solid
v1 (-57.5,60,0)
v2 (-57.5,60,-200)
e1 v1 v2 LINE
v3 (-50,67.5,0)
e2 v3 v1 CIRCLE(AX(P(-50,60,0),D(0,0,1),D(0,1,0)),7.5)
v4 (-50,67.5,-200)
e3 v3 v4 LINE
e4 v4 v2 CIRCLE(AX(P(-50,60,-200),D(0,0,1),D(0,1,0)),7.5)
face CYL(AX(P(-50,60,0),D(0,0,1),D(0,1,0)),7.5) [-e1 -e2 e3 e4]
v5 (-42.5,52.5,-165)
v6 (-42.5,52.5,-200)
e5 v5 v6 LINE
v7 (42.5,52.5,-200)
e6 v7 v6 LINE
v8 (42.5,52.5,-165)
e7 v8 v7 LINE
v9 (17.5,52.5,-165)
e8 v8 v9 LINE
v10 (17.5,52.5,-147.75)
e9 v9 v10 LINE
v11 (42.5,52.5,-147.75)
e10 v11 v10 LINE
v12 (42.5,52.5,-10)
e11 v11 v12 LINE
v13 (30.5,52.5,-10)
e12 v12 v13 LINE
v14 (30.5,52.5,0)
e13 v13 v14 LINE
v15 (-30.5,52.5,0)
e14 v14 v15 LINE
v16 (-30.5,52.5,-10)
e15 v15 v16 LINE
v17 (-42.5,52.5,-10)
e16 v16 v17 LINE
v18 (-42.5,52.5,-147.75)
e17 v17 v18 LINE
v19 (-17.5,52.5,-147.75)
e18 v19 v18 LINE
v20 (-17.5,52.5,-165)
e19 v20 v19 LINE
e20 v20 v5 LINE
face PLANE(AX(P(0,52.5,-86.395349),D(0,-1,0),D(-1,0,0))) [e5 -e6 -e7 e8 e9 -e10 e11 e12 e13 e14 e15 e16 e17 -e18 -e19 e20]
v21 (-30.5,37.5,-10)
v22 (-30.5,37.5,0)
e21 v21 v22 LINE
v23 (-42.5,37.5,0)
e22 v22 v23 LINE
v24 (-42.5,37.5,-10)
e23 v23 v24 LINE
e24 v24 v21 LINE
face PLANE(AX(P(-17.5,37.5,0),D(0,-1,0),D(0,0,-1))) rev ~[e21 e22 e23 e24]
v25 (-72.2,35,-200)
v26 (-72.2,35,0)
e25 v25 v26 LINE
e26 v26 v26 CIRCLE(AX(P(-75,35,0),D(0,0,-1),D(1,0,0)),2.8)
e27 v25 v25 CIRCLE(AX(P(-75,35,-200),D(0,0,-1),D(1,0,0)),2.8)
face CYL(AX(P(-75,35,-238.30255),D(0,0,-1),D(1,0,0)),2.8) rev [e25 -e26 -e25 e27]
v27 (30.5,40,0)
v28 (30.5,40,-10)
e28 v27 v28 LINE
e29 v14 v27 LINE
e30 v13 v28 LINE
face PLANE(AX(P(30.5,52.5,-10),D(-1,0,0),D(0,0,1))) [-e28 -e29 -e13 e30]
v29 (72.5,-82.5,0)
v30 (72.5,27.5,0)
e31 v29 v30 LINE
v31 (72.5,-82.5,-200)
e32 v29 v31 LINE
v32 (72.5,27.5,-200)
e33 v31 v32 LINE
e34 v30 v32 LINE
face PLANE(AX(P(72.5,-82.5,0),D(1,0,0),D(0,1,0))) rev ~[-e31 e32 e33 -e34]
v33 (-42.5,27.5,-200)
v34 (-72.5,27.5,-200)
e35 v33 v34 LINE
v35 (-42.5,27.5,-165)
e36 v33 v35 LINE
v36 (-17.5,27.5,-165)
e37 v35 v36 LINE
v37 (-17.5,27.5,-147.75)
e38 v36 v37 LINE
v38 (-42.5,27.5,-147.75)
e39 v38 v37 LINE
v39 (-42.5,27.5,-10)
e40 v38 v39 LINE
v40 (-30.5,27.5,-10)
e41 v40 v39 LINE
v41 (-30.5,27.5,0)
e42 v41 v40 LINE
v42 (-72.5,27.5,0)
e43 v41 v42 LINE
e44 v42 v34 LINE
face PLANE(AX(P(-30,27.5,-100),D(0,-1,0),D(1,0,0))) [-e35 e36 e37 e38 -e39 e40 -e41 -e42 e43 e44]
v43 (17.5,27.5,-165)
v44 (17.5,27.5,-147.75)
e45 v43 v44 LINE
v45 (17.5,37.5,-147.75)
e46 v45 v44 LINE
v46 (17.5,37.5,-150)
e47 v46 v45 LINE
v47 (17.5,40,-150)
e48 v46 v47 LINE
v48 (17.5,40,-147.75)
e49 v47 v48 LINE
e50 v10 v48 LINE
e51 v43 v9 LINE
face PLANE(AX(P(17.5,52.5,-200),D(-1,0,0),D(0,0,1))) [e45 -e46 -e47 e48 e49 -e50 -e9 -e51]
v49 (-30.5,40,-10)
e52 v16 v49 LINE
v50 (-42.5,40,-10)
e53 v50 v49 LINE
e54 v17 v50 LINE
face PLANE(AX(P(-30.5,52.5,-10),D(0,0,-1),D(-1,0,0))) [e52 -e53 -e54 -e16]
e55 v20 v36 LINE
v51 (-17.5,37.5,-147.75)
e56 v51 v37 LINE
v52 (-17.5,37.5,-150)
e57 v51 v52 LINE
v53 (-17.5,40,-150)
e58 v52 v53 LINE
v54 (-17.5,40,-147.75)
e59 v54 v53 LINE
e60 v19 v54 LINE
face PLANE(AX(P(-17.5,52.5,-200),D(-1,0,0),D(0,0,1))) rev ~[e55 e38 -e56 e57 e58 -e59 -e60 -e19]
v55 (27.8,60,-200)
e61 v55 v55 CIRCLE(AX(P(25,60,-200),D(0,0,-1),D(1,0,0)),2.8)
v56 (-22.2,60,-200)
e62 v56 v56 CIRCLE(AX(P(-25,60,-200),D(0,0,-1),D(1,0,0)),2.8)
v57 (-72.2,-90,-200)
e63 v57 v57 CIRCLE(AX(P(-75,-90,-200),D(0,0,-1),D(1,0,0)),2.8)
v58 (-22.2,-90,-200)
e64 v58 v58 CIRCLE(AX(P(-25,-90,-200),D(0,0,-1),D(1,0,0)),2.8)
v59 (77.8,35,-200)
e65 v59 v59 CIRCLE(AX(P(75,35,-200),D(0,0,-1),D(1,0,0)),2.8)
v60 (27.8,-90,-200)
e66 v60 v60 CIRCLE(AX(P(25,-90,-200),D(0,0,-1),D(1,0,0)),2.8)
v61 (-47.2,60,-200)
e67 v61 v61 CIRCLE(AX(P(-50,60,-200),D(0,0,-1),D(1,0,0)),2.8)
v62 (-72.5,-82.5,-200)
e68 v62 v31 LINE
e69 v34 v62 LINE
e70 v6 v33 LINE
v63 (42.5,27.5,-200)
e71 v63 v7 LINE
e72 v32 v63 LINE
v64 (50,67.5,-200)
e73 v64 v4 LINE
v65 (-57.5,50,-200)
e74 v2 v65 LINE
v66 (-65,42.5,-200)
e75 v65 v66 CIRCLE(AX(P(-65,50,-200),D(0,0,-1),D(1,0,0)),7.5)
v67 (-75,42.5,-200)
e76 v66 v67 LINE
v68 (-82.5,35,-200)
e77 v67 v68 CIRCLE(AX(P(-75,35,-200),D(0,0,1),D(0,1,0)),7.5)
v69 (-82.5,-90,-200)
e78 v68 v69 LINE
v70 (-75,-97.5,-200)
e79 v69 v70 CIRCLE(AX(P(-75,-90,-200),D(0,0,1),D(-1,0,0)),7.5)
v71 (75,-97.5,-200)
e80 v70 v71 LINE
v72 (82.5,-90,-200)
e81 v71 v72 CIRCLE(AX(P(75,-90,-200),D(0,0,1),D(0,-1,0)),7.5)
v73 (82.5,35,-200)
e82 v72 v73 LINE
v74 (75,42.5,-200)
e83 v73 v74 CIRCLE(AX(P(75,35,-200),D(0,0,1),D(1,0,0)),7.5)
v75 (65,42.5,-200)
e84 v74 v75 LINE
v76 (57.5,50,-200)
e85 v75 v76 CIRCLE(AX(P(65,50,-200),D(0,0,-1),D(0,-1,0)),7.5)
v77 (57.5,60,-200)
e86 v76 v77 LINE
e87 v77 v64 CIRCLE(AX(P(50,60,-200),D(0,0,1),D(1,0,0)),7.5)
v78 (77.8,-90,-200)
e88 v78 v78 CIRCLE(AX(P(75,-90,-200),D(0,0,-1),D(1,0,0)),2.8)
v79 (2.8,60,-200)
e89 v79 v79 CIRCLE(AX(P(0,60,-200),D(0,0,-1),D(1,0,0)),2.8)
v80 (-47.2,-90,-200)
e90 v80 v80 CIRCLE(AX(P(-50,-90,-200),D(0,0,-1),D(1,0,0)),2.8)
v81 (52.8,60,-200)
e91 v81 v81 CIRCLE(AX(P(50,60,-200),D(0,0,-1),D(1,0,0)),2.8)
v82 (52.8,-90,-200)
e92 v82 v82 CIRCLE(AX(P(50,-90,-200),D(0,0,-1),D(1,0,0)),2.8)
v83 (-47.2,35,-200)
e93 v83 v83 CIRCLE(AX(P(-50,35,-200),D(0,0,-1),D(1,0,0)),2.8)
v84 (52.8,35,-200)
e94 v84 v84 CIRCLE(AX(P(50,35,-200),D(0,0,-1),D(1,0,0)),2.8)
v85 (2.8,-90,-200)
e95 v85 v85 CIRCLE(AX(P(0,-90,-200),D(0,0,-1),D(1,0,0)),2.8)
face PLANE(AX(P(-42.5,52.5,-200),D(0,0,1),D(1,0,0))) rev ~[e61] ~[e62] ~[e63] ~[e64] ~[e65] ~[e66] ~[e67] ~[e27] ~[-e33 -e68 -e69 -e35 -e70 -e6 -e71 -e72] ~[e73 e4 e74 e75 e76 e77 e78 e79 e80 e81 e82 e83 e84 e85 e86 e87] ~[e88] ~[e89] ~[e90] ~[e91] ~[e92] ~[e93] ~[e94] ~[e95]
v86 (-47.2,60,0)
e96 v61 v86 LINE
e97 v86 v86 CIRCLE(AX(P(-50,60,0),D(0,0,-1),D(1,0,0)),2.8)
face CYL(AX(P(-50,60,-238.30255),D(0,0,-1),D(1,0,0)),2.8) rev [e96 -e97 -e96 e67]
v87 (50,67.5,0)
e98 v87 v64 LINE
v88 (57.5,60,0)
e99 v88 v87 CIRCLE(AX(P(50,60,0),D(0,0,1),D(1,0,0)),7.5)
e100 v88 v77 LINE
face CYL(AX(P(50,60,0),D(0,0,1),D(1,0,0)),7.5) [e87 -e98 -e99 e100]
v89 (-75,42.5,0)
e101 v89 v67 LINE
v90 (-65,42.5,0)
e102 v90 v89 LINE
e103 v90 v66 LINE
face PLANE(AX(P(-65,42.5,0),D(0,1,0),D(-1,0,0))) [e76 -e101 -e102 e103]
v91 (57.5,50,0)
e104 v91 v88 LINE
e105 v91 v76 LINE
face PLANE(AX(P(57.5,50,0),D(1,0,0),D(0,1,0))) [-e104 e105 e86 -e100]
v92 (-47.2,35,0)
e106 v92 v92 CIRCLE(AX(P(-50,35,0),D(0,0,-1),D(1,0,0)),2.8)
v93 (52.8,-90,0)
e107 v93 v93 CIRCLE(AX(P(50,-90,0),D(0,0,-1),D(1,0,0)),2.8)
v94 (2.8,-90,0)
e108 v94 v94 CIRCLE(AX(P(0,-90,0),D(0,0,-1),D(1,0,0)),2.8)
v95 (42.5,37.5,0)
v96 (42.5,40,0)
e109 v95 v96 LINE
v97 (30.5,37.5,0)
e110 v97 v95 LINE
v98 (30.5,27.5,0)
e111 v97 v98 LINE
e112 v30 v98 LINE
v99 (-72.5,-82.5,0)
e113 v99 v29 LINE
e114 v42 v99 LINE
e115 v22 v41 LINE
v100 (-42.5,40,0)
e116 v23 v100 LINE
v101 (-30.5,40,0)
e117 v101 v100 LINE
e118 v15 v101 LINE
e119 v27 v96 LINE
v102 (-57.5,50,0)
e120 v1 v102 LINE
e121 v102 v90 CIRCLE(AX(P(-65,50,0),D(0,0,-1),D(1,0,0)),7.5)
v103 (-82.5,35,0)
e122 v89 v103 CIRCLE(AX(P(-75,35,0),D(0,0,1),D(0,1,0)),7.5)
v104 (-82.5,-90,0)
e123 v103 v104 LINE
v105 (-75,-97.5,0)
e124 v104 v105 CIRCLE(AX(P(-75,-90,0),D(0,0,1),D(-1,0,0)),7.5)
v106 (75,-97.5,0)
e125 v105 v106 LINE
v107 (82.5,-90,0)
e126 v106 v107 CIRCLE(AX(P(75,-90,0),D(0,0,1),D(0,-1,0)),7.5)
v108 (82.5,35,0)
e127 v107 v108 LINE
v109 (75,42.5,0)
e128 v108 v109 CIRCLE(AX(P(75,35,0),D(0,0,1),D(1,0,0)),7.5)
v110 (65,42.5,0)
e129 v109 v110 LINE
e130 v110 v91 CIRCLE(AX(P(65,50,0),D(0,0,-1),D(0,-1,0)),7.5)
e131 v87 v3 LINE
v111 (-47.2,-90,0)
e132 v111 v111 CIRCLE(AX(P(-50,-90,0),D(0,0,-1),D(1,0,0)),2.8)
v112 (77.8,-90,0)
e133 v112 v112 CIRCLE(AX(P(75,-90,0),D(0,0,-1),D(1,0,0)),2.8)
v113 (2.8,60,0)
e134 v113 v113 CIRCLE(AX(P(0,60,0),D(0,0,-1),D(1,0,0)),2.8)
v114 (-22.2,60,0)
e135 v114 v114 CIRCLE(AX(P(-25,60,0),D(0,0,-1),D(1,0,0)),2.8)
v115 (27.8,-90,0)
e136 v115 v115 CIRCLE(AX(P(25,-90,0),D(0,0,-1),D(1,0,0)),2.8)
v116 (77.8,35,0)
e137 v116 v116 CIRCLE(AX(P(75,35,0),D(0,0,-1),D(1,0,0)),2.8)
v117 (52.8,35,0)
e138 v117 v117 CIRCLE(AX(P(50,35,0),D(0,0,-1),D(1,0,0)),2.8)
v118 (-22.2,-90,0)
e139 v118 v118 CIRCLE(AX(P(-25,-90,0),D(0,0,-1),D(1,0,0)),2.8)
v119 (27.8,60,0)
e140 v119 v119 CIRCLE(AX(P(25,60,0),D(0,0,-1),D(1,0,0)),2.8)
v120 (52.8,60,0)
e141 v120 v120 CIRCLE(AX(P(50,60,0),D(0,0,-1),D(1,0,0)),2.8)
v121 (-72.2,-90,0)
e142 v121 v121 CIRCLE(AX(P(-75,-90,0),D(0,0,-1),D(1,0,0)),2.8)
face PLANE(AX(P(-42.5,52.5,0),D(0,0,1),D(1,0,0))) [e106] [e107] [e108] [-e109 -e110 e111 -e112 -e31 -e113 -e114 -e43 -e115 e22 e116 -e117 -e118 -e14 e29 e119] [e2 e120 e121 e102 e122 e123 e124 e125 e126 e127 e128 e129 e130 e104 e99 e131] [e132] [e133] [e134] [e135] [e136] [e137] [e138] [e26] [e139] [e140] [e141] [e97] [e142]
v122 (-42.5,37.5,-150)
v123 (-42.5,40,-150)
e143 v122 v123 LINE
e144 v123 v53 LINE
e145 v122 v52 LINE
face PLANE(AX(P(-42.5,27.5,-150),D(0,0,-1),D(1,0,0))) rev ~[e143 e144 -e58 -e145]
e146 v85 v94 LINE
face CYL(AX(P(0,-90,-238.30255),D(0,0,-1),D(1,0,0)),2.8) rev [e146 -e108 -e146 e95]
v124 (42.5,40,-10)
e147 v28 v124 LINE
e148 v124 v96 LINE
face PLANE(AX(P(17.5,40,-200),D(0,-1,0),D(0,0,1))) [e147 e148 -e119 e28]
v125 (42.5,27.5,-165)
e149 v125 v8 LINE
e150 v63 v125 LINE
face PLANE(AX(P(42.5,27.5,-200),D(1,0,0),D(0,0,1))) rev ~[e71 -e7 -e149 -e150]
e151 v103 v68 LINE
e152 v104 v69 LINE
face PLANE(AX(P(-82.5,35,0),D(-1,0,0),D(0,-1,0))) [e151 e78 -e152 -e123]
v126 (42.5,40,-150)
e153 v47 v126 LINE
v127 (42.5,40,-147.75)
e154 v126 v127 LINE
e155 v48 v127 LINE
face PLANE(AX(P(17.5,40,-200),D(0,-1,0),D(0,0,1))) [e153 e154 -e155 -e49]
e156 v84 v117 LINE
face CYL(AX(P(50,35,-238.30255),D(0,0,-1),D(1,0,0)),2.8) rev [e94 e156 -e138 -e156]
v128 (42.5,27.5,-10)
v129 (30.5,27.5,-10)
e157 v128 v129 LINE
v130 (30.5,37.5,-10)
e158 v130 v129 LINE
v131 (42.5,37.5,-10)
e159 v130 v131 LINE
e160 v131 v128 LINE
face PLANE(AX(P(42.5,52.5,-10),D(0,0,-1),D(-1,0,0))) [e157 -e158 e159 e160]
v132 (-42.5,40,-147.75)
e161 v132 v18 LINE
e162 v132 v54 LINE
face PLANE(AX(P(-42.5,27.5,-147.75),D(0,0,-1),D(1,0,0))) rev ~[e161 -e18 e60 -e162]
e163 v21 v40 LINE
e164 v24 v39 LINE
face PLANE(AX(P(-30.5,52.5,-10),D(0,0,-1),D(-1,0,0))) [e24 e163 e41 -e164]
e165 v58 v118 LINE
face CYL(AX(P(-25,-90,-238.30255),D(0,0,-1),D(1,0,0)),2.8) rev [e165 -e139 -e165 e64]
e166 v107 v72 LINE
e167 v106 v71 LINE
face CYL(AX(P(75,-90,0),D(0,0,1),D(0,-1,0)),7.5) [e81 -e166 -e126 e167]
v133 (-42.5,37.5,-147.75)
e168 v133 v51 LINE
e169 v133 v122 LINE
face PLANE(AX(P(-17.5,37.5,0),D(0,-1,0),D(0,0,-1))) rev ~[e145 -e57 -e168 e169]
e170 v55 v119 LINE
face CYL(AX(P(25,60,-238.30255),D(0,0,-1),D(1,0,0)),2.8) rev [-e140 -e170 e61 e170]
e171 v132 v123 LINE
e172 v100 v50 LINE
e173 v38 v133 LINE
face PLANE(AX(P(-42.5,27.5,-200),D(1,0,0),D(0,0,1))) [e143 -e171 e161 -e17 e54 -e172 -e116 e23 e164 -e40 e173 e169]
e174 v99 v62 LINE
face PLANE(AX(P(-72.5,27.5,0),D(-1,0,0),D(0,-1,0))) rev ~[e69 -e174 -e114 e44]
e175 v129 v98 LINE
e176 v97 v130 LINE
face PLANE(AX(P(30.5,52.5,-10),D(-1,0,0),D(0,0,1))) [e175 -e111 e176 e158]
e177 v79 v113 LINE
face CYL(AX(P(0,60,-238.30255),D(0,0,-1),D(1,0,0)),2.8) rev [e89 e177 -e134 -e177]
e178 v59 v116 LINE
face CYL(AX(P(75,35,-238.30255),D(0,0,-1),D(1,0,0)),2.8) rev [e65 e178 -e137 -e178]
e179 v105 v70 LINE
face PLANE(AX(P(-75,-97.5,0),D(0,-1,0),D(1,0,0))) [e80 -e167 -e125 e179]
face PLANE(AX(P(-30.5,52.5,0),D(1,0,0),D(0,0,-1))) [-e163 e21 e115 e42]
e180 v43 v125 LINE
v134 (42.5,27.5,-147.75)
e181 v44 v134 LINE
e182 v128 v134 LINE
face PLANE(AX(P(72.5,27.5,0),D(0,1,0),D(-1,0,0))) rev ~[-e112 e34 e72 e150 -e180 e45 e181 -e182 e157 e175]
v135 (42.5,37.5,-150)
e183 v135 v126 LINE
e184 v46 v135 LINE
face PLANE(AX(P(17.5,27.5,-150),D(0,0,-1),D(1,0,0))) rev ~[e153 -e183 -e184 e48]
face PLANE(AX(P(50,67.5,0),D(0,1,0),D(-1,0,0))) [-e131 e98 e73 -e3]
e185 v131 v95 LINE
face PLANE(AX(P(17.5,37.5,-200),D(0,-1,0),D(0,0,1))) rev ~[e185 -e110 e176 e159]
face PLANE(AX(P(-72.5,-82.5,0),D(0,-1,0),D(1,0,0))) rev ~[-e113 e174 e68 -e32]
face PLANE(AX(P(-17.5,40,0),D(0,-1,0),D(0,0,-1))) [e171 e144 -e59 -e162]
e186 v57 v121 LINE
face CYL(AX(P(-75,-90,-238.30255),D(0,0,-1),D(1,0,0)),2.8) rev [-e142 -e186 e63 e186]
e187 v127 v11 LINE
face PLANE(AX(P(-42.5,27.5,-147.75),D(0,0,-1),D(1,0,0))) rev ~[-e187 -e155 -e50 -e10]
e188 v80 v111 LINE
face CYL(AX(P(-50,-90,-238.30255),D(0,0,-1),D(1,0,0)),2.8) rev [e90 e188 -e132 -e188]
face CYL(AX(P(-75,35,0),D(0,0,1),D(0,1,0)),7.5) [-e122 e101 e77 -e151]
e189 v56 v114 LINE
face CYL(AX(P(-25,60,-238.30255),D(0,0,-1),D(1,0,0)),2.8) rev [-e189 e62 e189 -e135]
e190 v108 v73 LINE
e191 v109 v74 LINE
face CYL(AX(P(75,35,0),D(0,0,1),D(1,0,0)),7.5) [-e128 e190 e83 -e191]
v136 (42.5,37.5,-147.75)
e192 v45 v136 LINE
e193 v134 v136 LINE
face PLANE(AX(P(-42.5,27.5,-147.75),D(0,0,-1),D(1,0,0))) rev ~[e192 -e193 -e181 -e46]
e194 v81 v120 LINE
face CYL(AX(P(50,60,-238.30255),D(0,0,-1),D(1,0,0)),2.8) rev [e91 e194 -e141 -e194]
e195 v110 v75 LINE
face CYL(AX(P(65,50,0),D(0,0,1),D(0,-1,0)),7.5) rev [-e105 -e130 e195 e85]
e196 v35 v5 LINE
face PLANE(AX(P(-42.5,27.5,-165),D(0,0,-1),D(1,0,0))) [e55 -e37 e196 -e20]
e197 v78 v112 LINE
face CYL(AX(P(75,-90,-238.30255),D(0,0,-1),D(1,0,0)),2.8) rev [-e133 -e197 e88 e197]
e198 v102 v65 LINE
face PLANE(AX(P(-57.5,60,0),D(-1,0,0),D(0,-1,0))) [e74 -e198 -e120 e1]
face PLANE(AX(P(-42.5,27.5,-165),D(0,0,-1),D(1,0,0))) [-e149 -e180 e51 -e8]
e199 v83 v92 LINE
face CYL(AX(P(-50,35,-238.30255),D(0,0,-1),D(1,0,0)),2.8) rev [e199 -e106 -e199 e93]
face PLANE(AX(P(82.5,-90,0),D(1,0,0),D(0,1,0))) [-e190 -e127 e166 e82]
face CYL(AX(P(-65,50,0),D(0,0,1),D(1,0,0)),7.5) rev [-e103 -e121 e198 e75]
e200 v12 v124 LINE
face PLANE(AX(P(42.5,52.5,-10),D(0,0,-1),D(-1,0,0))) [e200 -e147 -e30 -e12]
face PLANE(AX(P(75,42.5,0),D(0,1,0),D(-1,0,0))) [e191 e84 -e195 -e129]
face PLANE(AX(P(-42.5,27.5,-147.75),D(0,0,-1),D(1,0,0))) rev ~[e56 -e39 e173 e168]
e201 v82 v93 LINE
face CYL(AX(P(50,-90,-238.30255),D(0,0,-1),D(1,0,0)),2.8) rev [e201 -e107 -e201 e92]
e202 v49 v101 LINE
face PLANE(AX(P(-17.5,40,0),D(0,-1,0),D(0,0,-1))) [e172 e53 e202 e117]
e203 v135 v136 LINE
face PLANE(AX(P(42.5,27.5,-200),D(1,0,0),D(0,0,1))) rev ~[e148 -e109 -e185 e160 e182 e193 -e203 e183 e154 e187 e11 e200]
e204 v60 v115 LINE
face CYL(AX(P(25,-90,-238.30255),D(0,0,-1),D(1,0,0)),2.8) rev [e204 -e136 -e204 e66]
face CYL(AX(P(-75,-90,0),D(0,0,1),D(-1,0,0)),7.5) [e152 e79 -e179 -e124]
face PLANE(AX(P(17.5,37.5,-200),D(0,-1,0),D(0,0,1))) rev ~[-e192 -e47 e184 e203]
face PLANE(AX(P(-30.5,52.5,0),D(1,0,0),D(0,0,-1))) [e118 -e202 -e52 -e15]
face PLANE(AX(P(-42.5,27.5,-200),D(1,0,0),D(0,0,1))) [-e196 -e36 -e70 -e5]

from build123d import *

# Parameters (mm, degrees)
BOSS_EXTRUDE1_DEPTH     = 200
CUT_EXTRUDE1_DEPTH      = 238.302549502
CUT_EXTRUDE1_DEPTH_BACK = 238.302549502
SKETCH2_R               = 2.8
SKETCH3_W               = 25
SKETCH3_H               = 200
BOSS_EXTRUDE2_DEPTH     = 25
SKETCH4_W               = 200
SKETCH4_H               = 2.5
CUT_EXTRUDE2_DEPTH      = 25
SKETCH5_W               = 200
SKETCH5_H               = 2.5
CUT_EXTRUDE3_DEPTH      = 25
CUT_EXTRUDE5_REACH      = 265.261
CUT_EXTRUDE7_REACH      = 251.862
SKETCH10_W              = 85
SKETCH10_H              = 35
SKETCH11_W              = 25
SKETCH11_H              = 15
BOSS_EXTRUDE3_DEPTH     = 25
CUT_EXTRUDE8_REACH      = 251.862
SKETCH12_W              = 85
SKETCH12_H              = 7.75


with BuildPart() as part:
    # Sketch1 → Boss-Extrude1 (new body)
    with BuildSketch(Plane.XY):
        with BuildLine():
            Line((-57.5, 60), (-57.5, 50))
            ThreePointArc((-57.5, 50), (-59.696699141, 44.696699141), (-65, 42.5))
            Line((-65, 42.5), (-75, 42.5))
            ThreePointArc((-75, 42.5), (-80.303300859, 40.303300859), (-82.5, 35))
            Line((-82.5, 35), (-82.5, -90))
            ThreePointArc((-82.5, -90), (-80.303300859, -95.303300859), (-75, -97.5))
            Line((-75, -97.5), (75, -97.5))
            ThreePointArc((75, -97.5), (80.303300859, -95.303300859), (82.5, -90))
            Line((82.5, -90), (82.5, 35))
            ThreePointArc((82.5, 35), (80.303300859, 40.303300859), (75, 42.5))
            Line((75, 42.5), (65, 42.5))
            ThreePointArc((65, 42.5), (59.696699141, 44.696699141), (57.5, 50))
            Line((57.5, 50), (57.5, 60))
            ThreePointArc((57.5, 60), (55.303300859, 65.303300859), (50, 67.5))
            Line((50, 67.5), (-50, 67.5))
            ThreePointArc((-50, 67.5), (-55.303300859, 65.303300859), (-57.5, 60))
        make_face()
        Polygon((-42.5, 52.5), (-42.5, 27.5), (-72.5, 27.5), (-72.5, -82.5), (72.5, -82.5), (72.5, 27.5), (42.5, 27.5), (42.5, 52.5), align=None, mode=Mode.SUBTRACT)
    extrude(amount=-BOSS_EXTRUDE1_DEPTH)

    # Sketch2 → Cut-Extrude1 (cut, two sides: drawn at the far end of the back side and taken through both)
    with BuildSketch(Plane.XY.offset(-CUT_EXTRUDE1_DEPTH_BACK)):
        with Locations((-75, 35)):
            Circle(SKETCH2_R)
        with Locations((-50, 35)):
            Circle(SKETCH2_R)
        with Locations((-50, 60)):
            Circle(SKETCH2_R)
        with Locations((50, 60)):
            Circle(SKETCH2_R)
        with Locations((25, 60)):
            Circle(SKETCH2_R)
        with Locations((0, 60)):
            Circle(SKETCH2_R)
        with Locations((-25, 60)):
            Circle(SKETCH2_R)
        with Locations((50, 35)):
            Circle(SKETCH2_R)
        with Locations((75, 35)):
            Circle(SKETCH2_R)
        with Locations((-75, -90)):
            Circle(SKETCH2_R)
        with Locations((-50, -90)):
            Circle(SKETCH2_R)
        with Locations((-25, -90)):
            Circle(SKETCH2_R)
        with Locations((0, -90)):
            Circle(SKETCH2_R)
        with Locations((25, -90)):
            Circle(SKETCH2_R)
        with Locations((50, -90)):
            Circle(SKETCH2_R)
        with Locations((75, -90)):
            Circle(SKETCH2_R)
    extrude(amount=CUT_EXTRUDE1_DEPTH + CUT_EXTRUDE1_DEPTH_BACK, mode=Mode.SUBTRACT)

    # Sketch3 → Boss-Extrude2 (add)
    with BuildSketch(Plane.XZ.offset(-52.5)):
        with Locations((-30, -100)):
            Rectangle(SKETCH3_W, SKETCH3_H)
        with Locations((30, -100)):
            Rectangle(SKETCH3_W, SKETCH3_H)
    extrude(amount=BOSS_EXTRUDE2_DEPTH)

    # Sketch4 → Cut-Extrude2 (cut)
    with BuildSketch(Plane(origin=(-17.5, 0, 0), x_dir=(0, 0, -1), z_dir=(1, 0, 0))):
        with Locations((100, 38.75)):
            Rectangle(SKETCH4_W, SKETCH4_H)
    extrude(amount=-CUT_EXTRUDE2_DEPTH, mode=Mode.SUBTRACT)

    # Sketch5 → Cut-Extrude3 (cut)
    with BuildSketch(Plane.ZY.offset(-17.5)):
        with Locations((-100, 38.75)):
            Rectangle(SKETCH5_W, SKETCH5_H)
    extrude(amount=-CUT_EXTRUDE3_DEPTH, mode=Mode.SUBTRACT)

    # Cut-Extrude5: up to this face of the body (flat: up to its plane)
    cut_extrude5_end = Plane(part.part.faces().sort_by_distance((-45, 27.5, -100))[0])
    # Sketch6 → Cut-Extrude5 (cut, up to the picked face)
    with BuildSketch(Plane.XZ.offset(-52.5), mode=Mode.PRIVATE) as cut_extrude5_sk1:
        Polygon((-30.5, 0), (-30.5, -10), (-42.5, -10), (-42.5, -60.8), (-42.5, -140), (-30.5, -140), (42.5, -140), (42.5, -60.8), (42.5, -10), (30.5, -10), (30.5, 0), (42.5, 0), (42.5, 1), (-42.5, 1), (-42.5, 0), align=None)
    cut_extrude5_tool1 = split(extrude(cut_extrude5_sk1.sketch, amount=CUT_EXTRUDE5_REACH, mode=Mode.PRIVATE), bisect_by=cut_extrude5_end, keep=Keep.BOTH, mode=Mode.PRIVATE)
    add(cut_extrude5_tool1.solids().sort_by(Axis((0, 52.5, -70.818008), (0, -1, 0)))[0], mode=Mode.SUBTRACT)

    # Cut-Extrude7: up to this face of the body (flat: up to its plane)
    cut_extrude7_end = Plane(part.part.faces().sort_by_distance((0, 52.5, -86.395348837))[0])
    # Sketch10 → Cut-Extrude7 (cut, up to the picked face)
    with BuildSketch(Plane.XZ.offset(-27.5), mode=Mode.PRIVATE) as cut_extrude7_sk1:
        with Locations((0, -182.5)):
            Rectangle(SKETCH10_W, SKETCH10_H)
    cut_extrude7_tool1 = split(extrude(cut_extrude7_sk1.sketch, amount=-CUT_EXTRUDE7_REACH, mode=Mode.PRIVATE), bisect_by=cut_extrude7_end, keep=Keep.BOTH, mode=Mode.PRIVATE)
    add(cut_extrude7_tool1.solids().sort_by(Axis((0, 27.5, -182.5), (0, 1, 0)))[0], mode=Mode.SUBTRACT)

    # Sketch11 → Boss-Extrude3 (add)
    with BuildSketch(Plane.XZ.offset(-27.5)):
        with Locations((-30, -157.5)):
            Rectangle(SKETCH11_W, SKETCH11_H)
        with Locations((30, -157.5)):
            Rectangle(SKETCH11_W, SKETCH11_H)
    extrude(amount=-BOSS_EXTRUDE3_DEPTH)

    # Cut-Extrude8: up to this face of the body (flat: up to its plane)
    cut_extrude8_end = Plane(part.part.faces().sort_by_distance((0, 52.5, -97.238878143))[0])
    # Sketch12 → Cut-Extrude8 (cut, up to the picked face)
    with BuildSketch(Plane.XZ.offset(-27.5), mode=Mode.PRIVATE) as cut_extrude8_sk1:
        with Locations((0, -143.875)):
            Rectangle(SKETCH12_W, SKETCH12_H)
    cut_extrude8_tool1 = split(extrude(cut_extrude8_sk1.sketch, amount=-CUT_EXTRUDE8_REACH, mode=Mode.PRIVATE), bisect_by=cut_extrude8_end, keep=Keep.BOTH, mode=Mode.PRIVATE)
    add(cut_extrude8_tool1.solids().sort_by(Axis((0, 27.5, -143.875), (0, 1, 0)))[0], mode=Mode.SUBTRACT)


solid = part.part
